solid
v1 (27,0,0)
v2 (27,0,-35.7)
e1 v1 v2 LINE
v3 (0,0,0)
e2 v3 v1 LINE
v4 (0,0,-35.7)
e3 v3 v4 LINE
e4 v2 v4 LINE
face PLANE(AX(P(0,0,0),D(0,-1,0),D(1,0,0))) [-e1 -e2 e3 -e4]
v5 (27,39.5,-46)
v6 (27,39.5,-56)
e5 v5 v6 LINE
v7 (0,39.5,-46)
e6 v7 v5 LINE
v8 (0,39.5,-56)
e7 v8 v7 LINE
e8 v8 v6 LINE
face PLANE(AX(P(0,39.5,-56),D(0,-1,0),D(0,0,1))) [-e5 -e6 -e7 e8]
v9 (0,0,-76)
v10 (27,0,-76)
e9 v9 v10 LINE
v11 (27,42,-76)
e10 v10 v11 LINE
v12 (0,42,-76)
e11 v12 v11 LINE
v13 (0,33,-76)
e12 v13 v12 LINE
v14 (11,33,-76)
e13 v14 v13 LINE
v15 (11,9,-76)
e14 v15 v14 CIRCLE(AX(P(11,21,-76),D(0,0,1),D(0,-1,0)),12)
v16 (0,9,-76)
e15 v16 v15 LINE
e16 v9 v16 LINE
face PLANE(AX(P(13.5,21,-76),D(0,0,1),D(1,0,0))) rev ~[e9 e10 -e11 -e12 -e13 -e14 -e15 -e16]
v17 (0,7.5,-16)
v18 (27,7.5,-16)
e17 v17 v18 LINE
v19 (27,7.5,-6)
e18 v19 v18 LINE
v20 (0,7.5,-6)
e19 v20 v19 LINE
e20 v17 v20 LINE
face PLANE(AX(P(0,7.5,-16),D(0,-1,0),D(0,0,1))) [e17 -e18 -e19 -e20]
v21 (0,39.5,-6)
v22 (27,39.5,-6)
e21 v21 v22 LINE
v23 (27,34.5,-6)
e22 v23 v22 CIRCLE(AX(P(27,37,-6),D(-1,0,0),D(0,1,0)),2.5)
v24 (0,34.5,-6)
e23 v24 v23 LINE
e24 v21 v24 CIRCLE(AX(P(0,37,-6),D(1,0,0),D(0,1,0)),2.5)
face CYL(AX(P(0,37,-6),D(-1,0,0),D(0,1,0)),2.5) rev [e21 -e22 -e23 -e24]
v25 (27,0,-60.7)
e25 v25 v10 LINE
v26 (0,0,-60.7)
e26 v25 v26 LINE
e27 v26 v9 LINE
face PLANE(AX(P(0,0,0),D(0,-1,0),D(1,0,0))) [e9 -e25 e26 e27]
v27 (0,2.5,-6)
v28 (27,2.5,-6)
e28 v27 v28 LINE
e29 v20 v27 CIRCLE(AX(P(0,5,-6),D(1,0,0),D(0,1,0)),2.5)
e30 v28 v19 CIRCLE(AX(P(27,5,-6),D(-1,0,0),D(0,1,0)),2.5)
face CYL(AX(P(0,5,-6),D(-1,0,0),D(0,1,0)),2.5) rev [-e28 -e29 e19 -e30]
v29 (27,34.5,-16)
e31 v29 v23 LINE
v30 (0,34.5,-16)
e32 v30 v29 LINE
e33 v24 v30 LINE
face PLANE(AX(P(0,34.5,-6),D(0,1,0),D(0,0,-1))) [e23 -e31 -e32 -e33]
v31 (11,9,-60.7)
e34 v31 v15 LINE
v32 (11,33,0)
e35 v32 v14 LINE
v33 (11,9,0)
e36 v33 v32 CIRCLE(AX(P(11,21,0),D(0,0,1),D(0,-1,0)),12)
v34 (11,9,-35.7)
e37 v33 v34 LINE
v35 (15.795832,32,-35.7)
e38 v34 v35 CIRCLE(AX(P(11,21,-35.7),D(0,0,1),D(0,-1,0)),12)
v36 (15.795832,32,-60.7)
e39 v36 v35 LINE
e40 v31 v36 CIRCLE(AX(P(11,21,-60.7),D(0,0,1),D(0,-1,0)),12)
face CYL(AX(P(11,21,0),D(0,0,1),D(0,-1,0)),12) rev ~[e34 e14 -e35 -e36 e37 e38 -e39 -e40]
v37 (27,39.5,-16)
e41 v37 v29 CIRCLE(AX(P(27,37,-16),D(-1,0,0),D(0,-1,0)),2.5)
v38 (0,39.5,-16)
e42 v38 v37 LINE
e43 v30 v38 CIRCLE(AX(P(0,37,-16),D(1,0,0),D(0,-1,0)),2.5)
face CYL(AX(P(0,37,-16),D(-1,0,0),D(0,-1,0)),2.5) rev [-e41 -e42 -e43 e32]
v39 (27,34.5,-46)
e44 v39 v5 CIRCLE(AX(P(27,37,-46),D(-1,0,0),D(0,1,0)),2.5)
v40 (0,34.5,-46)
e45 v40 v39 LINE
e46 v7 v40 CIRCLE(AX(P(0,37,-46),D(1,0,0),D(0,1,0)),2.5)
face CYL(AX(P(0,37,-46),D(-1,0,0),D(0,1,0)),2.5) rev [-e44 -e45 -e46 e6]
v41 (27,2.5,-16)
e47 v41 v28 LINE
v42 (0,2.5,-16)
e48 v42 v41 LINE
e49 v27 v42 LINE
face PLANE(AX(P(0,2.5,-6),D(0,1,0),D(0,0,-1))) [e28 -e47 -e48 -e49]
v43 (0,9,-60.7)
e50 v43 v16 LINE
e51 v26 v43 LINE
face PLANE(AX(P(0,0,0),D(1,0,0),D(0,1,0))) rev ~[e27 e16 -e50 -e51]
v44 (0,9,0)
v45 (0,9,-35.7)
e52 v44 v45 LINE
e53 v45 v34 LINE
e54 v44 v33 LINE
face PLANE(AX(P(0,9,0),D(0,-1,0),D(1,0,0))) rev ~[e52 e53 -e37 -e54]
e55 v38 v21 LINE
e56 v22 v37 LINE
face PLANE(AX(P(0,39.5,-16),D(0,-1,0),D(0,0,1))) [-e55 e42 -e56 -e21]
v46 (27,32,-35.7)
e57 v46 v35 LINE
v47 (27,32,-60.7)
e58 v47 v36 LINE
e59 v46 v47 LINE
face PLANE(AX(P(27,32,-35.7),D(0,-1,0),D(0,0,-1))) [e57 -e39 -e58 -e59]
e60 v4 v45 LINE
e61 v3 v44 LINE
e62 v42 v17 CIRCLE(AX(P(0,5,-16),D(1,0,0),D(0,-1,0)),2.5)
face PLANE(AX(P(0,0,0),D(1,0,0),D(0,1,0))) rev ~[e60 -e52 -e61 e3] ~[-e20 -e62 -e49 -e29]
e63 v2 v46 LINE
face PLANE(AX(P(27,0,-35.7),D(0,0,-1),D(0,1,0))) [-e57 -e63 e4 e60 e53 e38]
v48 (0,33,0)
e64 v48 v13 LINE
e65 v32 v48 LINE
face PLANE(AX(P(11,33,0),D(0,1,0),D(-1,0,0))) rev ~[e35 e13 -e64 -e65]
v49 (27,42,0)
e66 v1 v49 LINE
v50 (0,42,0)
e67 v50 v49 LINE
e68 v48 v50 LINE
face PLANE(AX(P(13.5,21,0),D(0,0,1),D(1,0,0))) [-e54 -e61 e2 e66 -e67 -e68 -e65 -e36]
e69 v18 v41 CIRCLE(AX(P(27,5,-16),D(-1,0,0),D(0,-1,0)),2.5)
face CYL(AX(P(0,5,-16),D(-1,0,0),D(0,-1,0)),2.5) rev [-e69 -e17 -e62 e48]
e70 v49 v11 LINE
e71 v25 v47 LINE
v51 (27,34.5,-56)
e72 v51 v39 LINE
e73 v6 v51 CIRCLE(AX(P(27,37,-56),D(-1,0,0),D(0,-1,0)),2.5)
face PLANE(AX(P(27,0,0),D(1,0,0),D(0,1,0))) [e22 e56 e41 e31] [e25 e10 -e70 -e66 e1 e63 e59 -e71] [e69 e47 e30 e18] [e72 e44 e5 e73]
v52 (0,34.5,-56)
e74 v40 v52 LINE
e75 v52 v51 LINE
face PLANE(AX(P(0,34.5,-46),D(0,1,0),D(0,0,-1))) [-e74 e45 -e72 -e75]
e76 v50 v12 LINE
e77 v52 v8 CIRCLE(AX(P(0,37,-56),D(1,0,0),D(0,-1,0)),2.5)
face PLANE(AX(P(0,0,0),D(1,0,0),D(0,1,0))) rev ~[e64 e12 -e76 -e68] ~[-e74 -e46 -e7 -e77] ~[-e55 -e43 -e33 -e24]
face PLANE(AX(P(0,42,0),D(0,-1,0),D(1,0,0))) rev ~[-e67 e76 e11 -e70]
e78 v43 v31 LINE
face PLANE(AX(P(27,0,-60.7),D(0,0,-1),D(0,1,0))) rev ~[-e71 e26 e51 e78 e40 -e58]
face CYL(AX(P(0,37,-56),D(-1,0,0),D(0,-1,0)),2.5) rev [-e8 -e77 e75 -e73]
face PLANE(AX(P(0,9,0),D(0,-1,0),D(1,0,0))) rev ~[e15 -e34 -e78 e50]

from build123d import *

# Parameters (mm, degrees)
SKETCH2_W           = 27
SKETCH2_H           = 42
BOSS_EXTRUDE1_DEPTH = 76
CUT_EXTRUDE1_DEPTH  = 28
CUT_EXTRUDE2_DEPTH  = 77
SKETCH5_W           = 25
SKETCH5_H           = 32
CUT_EXTRUDE3_DEPTH  = 28


with BuildPart() as part:
    # Sketch2 → Boss-Extrude1 (new body)
    with BuildSketch(Plane.XY):
        with Locations((13.5, 21)):
            Rectangle(SKETCH2_W, SKETCH2_H)
    extrude(amount=-BOSS_EXTRUDE1_DEPTH)

    # Sketch3 → Cut-Extrude1 (cut, through all)
    with BuildSketch(Plane.ZY):
        with BuildLine():
            Line((-56, 39.5), (-46, 39.5))
            ThreePointArc((-46, 39.5), (-43.5, 37), (-46, 34.5))
            Line((-46, 34.5), (-56, 34.5))
            ThreePointArc((-56, 34.5), (-58.5, 37), (-56, 39.5))
        make_face()
        with BuildLine():
            Line((-16, 39.5), (-6, 39.5))
            ThreePointArc((-6, 39.5), (-3.5, 37), (-6, 34.5))
            Line((-6, 34.5), (-16, 34.5))
            ThreePointArc((-16, 34.5), (-18.5, 37), (-16, 39.5))
        make_face()
        with BuildLine():
            Line((-16, 7.5), (-6, 7.5))
            ThreePointArc((-6, 7.5), (-3.5, 5), (-6, 2.5))
            Line((-6, 2.5), (-16, 2.5))
            ThreePointArc((-16, 2.5), (-18.5, 5), (-16, 7.5))
        make_face()
    extrude(amount=-CUT_EXTRUDE1_DEPTH, mode=Mode.SUBTRACT)

    # Sketch4 → Cut-Extrude2 (cut, through all)
    with BuildSketch(Plane.XY):
        with BuildLine():
            Line((11, 33), (0, 33))
            Line((0, 33), (0, 9))
            Line((0, 9), (11, 9))
            ThreePointArc((11, 9), (23, 21), (11, 33))
        make_face()
    extrude(amount=-CUT_EXTRUDE2_DEPTH, mode=Mode.SUBTRACT)

    # Sketch5 → Cut-Extrude3 (cut, through all)
    with BuildSketch(Plane(origin=(27, 0, 0), x_dir=(0, 0, -1), z_dir=(1, 0, 0))):
        with Locations((48.2, 16)):
            Rectangle(SKETCH5_W, SKETCH5_H)
    extrude(amount=-CUT_EXTRUDE3_DEPTH, mode=Mode.SUBTRACT)


solid = part.part
